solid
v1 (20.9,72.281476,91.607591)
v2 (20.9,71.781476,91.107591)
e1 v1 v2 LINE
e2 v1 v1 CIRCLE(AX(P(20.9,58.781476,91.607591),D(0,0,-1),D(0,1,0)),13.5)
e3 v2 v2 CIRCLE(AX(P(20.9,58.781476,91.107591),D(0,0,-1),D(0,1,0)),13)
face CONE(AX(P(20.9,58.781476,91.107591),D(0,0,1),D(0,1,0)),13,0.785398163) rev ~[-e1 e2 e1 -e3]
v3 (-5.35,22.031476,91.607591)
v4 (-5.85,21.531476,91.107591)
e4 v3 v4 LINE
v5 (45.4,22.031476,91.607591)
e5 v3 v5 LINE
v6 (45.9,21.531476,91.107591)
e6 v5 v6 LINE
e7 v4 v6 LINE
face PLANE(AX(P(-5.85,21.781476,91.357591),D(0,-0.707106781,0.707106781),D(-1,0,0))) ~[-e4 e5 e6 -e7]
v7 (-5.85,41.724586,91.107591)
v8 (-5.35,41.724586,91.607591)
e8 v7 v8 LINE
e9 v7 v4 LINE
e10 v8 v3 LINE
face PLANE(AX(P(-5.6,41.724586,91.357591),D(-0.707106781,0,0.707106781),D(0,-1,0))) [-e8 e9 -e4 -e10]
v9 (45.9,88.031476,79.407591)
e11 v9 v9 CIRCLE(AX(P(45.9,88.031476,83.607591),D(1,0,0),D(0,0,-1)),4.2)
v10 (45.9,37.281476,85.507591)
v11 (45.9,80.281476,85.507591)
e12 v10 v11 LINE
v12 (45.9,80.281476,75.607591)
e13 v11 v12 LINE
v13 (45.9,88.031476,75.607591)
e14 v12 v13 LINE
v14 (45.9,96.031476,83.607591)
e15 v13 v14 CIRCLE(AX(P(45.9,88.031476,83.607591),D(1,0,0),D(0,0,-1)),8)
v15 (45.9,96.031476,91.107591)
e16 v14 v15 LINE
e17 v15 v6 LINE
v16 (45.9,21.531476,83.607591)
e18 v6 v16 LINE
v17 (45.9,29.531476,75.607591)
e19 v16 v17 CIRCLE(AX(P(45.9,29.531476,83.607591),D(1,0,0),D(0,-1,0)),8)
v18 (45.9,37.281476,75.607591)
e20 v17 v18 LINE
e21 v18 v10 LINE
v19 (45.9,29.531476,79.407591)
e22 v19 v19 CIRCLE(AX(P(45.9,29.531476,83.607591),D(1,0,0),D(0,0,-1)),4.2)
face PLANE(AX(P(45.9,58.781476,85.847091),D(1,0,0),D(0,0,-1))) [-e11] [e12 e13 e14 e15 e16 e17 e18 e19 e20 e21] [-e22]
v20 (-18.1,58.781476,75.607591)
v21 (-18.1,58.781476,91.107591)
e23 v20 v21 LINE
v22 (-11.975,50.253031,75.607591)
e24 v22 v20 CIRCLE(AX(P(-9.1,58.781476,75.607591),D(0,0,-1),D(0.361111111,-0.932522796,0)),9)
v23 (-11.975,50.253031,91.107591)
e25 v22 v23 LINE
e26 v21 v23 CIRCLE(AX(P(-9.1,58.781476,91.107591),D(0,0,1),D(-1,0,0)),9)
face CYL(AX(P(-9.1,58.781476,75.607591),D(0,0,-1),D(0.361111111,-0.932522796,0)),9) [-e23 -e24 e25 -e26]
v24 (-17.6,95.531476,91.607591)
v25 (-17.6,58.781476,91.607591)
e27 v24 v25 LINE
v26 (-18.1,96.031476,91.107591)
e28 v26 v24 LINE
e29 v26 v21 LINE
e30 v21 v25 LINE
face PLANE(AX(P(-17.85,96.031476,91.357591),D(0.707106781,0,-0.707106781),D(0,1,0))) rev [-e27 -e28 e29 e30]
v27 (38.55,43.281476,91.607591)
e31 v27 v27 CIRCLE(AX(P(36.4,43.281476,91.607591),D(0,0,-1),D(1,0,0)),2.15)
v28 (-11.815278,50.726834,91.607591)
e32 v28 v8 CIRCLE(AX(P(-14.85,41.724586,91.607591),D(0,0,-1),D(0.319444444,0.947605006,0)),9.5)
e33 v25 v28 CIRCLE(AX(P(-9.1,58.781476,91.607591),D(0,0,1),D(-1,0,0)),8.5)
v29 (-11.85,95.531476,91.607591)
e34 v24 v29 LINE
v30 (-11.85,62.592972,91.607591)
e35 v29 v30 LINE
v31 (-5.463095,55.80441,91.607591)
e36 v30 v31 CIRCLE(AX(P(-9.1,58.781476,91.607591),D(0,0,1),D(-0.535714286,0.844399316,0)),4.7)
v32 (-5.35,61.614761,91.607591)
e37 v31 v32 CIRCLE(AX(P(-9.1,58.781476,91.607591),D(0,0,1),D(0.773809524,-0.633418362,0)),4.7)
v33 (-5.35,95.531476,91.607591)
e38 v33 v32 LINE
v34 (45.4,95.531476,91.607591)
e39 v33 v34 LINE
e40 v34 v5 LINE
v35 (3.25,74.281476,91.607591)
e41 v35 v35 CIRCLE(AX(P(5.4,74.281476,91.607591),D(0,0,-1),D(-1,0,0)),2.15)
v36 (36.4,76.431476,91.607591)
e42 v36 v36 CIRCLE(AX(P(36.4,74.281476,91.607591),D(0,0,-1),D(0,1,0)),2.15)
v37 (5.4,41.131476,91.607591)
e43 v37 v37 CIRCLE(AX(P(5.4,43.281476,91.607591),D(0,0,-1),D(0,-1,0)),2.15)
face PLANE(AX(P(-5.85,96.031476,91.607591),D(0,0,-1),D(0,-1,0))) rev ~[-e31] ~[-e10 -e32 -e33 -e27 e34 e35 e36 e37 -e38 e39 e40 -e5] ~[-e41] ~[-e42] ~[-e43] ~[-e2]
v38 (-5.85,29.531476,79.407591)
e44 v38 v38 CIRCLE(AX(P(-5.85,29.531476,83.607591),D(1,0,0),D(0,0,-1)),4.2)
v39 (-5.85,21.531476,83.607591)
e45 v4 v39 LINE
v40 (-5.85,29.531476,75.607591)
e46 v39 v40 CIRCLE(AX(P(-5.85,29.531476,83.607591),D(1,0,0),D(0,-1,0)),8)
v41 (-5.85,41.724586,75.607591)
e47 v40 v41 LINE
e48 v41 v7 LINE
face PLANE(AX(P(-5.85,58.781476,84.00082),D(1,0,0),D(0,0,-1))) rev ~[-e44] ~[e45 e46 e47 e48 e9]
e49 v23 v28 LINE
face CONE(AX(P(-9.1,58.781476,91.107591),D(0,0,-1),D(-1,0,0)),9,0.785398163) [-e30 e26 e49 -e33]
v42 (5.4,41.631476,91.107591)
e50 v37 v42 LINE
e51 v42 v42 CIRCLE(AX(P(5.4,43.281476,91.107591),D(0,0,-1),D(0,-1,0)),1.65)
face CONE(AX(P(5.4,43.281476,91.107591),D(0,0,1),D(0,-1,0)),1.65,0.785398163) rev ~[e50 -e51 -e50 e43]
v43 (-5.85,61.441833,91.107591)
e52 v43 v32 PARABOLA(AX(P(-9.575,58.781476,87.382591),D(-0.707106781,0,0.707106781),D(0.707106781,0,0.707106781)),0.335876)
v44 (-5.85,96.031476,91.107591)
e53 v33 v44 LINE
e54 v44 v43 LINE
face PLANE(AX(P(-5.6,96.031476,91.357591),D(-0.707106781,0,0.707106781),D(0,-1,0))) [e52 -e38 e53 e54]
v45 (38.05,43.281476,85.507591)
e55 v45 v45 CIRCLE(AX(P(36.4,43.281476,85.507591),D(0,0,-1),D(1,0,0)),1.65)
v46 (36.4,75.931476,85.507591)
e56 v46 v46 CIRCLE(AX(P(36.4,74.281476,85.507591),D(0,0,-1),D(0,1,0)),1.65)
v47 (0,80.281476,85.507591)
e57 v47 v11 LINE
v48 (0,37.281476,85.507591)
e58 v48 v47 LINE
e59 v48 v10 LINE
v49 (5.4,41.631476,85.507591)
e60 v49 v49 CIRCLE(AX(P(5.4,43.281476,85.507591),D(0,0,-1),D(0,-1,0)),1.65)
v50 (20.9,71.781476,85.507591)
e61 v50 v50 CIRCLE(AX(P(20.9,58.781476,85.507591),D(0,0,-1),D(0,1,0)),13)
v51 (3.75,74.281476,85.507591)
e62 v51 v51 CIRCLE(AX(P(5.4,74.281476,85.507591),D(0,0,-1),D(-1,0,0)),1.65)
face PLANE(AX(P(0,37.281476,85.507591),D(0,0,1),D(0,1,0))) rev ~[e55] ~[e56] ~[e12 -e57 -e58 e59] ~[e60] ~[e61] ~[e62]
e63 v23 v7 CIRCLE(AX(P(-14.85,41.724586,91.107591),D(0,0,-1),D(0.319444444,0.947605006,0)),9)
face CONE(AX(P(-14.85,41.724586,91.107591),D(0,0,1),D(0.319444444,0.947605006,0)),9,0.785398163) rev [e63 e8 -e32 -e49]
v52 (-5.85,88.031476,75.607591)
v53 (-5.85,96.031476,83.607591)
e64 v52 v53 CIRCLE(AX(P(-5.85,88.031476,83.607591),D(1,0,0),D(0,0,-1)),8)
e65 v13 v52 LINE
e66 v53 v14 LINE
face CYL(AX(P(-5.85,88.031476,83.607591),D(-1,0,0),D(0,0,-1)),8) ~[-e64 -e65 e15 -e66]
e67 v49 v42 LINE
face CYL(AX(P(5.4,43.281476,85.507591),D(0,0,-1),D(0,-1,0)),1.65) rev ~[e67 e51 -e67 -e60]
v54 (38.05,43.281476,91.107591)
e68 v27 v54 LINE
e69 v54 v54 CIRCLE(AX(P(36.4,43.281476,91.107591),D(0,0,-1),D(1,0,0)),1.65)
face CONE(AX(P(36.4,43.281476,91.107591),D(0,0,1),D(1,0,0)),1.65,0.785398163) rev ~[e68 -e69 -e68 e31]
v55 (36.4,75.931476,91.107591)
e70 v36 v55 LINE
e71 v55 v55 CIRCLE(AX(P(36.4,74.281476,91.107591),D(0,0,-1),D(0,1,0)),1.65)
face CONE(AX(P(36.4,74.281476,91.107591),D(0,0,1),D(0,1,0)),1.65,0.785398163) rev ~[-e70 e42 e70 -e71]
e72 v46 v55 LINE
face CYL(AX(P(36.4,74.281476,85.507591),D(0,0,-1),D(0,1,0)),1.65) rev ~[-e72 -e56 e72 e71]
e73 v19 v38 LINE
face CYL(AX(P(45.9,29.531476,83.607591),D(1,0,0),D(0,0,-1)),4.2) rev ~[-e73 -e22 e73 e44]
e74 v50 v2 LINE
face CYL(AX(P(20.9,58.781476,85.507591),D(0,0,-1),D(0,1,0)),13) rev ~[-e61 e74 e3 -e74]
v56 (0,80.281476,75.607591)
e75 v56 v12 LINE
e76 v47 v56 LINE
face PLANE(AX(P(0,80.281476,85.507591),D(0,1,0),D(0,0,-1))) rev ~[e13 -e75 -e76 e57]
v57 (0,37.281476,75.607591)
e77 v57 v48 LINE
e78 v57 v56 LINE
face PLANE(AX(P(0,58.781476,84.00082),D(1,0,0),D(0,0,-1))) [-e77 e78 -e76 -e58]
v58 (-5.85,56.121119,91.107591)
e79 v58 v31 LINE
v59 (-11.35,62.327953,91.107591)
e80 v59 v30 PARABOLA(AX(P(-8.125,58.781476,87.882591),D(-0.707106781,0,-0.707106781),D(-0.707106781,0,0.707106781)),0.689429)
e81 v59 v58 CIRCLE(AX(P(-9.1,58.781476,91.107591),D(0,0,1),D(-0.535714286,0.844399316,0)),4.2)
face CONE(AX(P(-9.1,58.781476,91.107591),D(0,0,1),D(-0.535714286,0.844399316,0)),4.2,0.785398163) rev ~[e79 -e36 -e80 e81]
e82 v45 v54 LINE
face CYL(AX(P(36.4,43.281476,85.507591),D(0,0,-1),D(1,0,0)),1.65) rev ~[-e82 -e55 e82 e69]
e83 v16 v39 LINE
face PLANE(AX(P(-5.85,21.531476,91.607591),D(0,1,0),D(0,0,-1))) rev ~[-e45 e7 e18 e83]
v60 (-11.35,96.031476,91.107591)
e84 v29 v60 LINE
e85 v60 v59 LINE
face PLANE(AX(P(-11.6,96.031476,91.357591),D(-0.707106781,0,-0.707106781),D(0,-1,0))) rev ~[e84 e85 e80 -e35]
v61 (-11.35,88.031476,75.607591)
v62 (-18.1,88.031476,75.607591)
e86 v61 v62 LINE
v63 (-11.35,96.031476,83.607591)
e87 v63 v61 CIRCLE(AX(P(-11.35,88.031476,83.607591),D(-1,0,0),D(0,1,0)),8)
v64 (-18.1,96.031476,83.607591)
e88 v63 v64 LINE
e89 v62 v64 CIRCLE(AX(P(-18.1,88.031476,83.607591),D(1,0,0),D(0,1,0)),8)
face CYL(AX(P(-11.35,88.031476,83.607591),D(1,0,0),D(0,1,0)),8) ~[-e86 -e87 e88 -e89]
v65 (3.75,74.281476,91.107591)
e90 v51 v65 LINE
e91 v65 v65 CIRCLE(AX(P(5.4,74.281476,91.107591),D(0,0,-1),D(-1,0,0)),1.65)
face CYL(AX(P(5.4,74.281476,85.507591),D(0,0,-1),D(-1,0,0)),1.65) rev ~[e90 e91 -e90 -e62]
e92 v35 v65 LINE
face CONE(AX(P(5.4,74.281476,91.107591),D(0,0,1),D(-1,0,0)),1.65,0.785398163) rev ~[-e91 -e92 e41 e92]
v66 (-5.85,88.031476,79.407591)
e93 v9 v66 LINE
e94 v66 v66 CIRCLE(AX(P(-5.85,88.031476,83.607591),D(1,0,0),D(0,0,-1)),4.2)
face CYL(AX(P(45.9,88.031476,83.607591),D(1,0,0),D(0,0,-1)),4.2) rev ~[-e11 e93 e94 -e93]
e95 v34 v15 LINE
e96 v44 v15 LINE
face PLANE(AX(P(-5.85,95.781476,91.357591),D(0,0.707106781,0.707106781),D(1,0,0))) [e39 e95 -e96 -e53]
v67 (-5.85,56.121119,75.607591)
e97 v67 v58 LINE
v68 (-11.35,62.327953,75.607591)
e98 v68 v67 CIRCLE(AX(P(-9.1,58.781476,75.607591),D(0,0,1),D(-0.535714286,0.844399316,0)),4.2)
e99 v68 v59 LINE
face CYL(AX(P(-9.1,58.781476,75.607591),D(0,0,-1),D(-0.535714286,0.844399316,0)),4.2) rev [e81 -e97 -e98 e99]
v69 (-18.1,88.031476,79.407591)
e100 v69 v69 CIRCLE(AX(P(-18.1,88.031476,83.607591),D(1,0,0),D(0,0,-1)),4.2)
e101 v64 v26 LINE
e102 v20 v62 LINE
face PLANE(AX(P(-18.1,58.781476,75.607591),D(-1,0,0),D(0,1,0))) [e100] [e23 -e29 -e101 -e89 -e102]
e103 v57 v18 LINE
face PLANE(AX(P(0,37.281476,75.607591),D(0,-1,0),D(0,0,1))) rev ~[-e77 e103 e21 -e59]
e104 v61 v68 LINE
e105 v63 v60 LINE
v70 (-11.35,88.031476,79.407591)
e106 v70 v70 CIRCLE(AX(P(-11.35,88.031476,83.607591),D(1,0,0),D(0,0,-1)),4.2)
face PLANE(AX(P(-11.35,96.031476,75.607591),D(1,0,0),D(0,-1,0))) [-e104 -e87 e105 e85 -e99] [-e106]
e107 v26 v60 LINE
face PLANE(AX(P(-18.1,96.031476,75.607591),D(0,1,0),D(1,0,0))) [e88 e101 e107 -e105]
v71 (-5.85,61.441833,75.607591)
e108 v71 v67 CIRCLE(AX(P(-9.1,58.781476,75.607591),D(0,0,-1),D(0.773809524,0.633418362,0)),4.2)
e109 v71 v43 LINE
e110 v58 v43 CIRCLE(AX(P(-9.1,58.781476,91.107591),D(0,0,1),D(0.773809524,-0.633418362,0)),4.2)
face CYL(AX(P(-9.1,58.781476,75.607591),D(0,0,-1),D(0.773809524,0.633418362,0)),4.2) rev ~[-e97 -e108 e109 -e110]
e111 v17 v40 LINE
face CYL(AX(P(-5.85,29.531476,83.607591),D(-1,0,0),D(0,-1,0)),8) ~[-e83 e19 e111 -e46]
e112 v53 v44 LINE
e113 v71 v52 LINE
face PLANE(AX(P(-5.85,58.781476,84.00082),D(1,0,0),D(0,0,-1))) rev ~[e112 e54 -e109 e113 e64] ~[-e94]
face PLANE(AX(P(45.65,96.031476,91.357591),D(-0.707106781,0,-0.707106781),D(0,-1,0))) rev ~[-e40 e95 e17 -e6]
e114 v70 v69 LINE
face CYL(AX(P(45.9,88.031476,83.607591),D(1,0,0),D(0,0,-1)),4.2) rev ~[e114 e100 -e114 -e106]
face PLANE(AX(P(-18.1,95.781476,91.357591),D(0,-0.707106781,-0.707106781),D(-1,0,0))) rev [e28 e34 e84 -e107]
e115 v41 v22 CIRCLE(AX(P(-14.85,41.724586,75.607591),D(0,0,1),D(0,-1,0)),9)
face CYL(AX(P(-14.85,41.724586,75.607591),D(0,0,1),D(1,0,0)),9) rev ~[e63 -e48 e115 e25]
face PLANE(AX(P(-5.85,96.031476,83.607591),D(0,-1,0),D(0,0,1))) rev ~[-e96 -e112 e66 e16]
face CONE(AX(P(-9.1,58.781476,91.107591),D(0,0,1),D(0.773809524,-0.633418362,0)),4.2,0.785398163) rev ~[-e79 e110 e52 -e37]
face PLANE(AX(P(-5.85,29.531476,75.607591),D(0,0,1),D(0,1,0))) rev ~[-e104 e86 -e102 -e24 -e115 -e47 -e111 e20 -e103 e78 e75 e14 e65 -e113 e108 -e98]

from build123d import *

# Parameters (mm, degrees)
BOSS_EXTRUDE1_DEPTH = 45.9
BOSS_EXTRUDE2_START = 5.85
BOSS_EXTRUDE2_DEPTH = 5.85
SKETCH5_R           = 13
CUT_EXTRUDE1_DEPTH  = 107.896512669
BOSS_EXTRUDE3_DEPTH = 16
CUT_EXTRUDE3_DEPTH  = 108.63296159
FILLET2_R           = 9
SKETCH6_R           = 4.2
CUT_EXTRUDE2_DEPTH  = 148.343120723
SKETCH9_R           = 1.65
CUT_EXTRUDE5_DEPTH  = 107.896512669
CIRPATTERN1_COUNT   = 4
CUT_EXTRUDE6_DEPTH  = 145.539121778
CHAMFER1_SIZE       = 0.5


with BuildPart() as part:
    # Sketch2 → Boss-Extrude1 (new body)
    with BuildSketch(Plane(origin=(0, 0, 0), x_dir=(0, 0, -1), z_dir=(1, 0, 0))):
        with BuildLine():
            Line((-75.607591408, 29.531476198), (-75.607591408, 37.281476198))
            Line((-75.607591408, 37.281476198), (-85.507591408, 37.281476198))
            Line((-85.507591408, 37.281476198), (-85.507591408, 80.281476198))
            Line((-85.507591408, 80.281476198), (-75.607591408, 80.281476198))
            Line((-75.607591408, 80.281476198), (-75.607591408, 88.031476198))
            ThreePointArc((-75.607591408, 88.031476198), (-77.950737158, 93.688330447), (-83.607591408, 96.031476198))
            Line((-83.607591408, 96.031476198), (-91.607591408, 96.031476198))
            Line((-91.607591408, 96.031476198), (-91.607591408, 21.531476198))
            Line((-91.607591408, 21.531476198), (-83.607591408, 21.531476198))
            ThreePointArc((-83.607591408, 21.531476198), (-77.950737158, 23.874621948), (-75.607591408, 29.531476198))
        make_face()
    extrude(amount=BOSS_EXTRUDE1_DEPTH)

    # Sketch3 → Boss-Extrude2 (add)
    with BuildSketch(Plane.ZY.offset(BOSS_EXTRUDE2_START)):
        with BuildLine():
            Line((75.607591408, 37.281476198), (75.607591408, 80.281476198))
            Line((75.607591408, 80.281476198), (75.607591408, 88.031476198))
            ThreePointArc((75.607591408, 88.031476198), (77.950737158, 93.688330447), (83.607591408, 96.031476198))
            Line((83.607591408, 96.031476198), (91.607591408, 96.031476198))
            Line((91.607591408, 96.031476198), (91.607591408, 21.531476198))
            Line((91.607591408, 21.531476198), (83.607591408, 21.531476198))
            ThreePointArc((83.607591408, 21.531476198), (77.950737158, 23.874621948), (75.607591408, 29.531476198))
            Line((75.607591408, 29.531476198), (75.607591408, 37.281476198))
        make_face()
    extrude(amount=-BOSS_EXTRUDE2_DEPTH)

    # Sketch5 → Cut-Extrude1 (cut, through all)
    with BuildSketch(Plane(origin=(0, 0, 85.507591408), x_dir=(-1, 0, 0), z_dir=(0, 0, -1))):
        with Locations(Location((-20.9, 58.781476198, 0), (0, 0, 90))):
            Circle(SKETCH5_R)
    extrude(amount=-CUT_EXTRUDE1_DEPTH, mode=Mode.SUBTRACT)

    # Sketch7 → Boss-Extrude3 (add)
    with BuildSketch(Plane(origin=(0, 0, 75.607591408), x_dir=(-1, 0, 0), z_dir=(0, 0, -1))):
        with BuildLine():
            ThreePointArc((5.85, 50.388771032), (14.186747487, 51.356854995), (18.1, 58.781476198))
            Line((18.1, 58.781476198), (18.1, 96.031476198))
            Line((18.1, 96.031476198), (11.35, 96.031476198))
            Line((11.35, 96.031476198), (11.35, 62.327953323))
            ThreePointArc((11.35, 62.327953323), (12.243437264, 55.996013549), (5.85, 56.121119079))
            Line((5.85, 56.121119079), (5.85, 50.388771032))
        make_face()
    extrude(amount=-BOSS_EXTRUDE3_DEPTH)

    # Sketch7<3> → Cut-Extrude3 (cut, through all)
    with BuildSketch(Plane(origin=(0, 0, 75.607591408), x_dir=(-1, 0, 0), z_dir=(0, 0, -1))):
        with BuildLine():
            ThreePointArc((5.85, 61.441833317), (4.9, 58.781476198), (5.85, 56.121119079))
            Line((5.85, 56.121119079), (5.85, 61.441833317))
        make_face()
    extrude(amount=-CUT_EXTRUDE3_DEPTH, mode=Mode.SUBTRACT)

    # Fillet2
    fillet2_edges = [part.edges().sort_by_distance(p)[0] for p in [
        (-5.85, 50.388771032, 83.607591408),
    ]]
    fillet(fillet2_edges, radius=FILLET2_R)

    # Sketch6 → Cut-Extrude2 (cut, through all)
    with BuildSketch(Plane(origin=(45.9, 0, 0), x_dir=(0, 0, -1), z_dir=(1, 0, 0))):
        with Locations((-83.607591408, 88.031476198)):
            Circle(SKETCH6_R)
        with Locations((-83.607591408, 29.531476198)):
            Circle(SKETCH6_R)
    extrude(amount=-CUT_EXTRUDE2_DEPTH, mode=Mode.SUBTRACT)

    # Sketch9 → Cut-Extrude5 (cut, through all)
    with BuildSketch(Plane(origin=(0, 0, 85.507591408), x_dir=(-1, 0, 0), z_dir=(0, 0, -1))):
        with Locations(Location((-36.4, 74.281476198, 0), (0, 0, 90))):
            Circle(SKETCH9_R)
    cut_extrude5 = extrude(amount=-CUT_EXTRUDE5_DEPTH, mode=Mode.SUBTRACT)

    # CirPattern1: Cut-Extrude5 ×4 about axis
    cirpattern1_axis = Axis((20.9, 58.781476198, 0), (0, 0, 1))
    for i in range(1, CIRPATTERN1_COUNT):
        add(cut_extrude5.rotate(cirpattern1_axis, i * 360 / CIRPATTERN1_COUNT), mode=Mode.SUBTRACT)

    # Sketch10 → Cut-Extrude6 (cut, through all)
    with BuildSketch(Plane(origin=(-11.35, 0, 0), x_dir=(0, 0, -1), z_dir=(1, 0, 0))):
        with BuildLine():
            ThreePointArc((-83.607591408, 96.031476198), (-77.950737158, 93.688330447), (-75.607591408, 88.031476198))
            Line((-75.607591408, 88.031476198), (-75.607591408, 96.031476198))
            Line((-75.607591408, 96.031476198), (-83.607591408, 96.031476198))
        make_face()
    extrude(amount=-CUT_EXTRUDE6_DEPTH, mode=Mode.SUBTRACT)

    # Chamfer1
    chamfer1_edges = [part.edges().sort_by_distance(p)[0] for p in [
        (36.4, 72.631476198, 91.607591408),
        (34.75, 43.281476198, 91.607591408),
        (5.4, 44.931476198, 91.607591408),
        (7.05, 74.281476198, 91.607591408),
        (20.025, 21.531476198, 91.607591408),
        (20.025, 96.031476198, 91.607591408),
        (45.9, 58.781476198, 91.607591408),
        (-5.85, 31.628031146, 91.607591408),
        (20.9, 45.781476198, 91.607591408),
        (-12.243437264, 55.996013549, 91.607591408),
        (-14.725, 96.031476198, 91.607591408),
        (-11.35, 79.17971476, 91.607591408),
        (-18.1, 77.406476198, 91.607591408),
        (-16.410095759, 53.531476198, 91.607591408),
        (-5.85, 78.736654757, 91.607591408),
        (-7.539904241, 46.974586094, 91.607591408),
    ]]
    chamfer(chamfer1_edges, length=CHAMFER1_SIZE)


solid = part.part
